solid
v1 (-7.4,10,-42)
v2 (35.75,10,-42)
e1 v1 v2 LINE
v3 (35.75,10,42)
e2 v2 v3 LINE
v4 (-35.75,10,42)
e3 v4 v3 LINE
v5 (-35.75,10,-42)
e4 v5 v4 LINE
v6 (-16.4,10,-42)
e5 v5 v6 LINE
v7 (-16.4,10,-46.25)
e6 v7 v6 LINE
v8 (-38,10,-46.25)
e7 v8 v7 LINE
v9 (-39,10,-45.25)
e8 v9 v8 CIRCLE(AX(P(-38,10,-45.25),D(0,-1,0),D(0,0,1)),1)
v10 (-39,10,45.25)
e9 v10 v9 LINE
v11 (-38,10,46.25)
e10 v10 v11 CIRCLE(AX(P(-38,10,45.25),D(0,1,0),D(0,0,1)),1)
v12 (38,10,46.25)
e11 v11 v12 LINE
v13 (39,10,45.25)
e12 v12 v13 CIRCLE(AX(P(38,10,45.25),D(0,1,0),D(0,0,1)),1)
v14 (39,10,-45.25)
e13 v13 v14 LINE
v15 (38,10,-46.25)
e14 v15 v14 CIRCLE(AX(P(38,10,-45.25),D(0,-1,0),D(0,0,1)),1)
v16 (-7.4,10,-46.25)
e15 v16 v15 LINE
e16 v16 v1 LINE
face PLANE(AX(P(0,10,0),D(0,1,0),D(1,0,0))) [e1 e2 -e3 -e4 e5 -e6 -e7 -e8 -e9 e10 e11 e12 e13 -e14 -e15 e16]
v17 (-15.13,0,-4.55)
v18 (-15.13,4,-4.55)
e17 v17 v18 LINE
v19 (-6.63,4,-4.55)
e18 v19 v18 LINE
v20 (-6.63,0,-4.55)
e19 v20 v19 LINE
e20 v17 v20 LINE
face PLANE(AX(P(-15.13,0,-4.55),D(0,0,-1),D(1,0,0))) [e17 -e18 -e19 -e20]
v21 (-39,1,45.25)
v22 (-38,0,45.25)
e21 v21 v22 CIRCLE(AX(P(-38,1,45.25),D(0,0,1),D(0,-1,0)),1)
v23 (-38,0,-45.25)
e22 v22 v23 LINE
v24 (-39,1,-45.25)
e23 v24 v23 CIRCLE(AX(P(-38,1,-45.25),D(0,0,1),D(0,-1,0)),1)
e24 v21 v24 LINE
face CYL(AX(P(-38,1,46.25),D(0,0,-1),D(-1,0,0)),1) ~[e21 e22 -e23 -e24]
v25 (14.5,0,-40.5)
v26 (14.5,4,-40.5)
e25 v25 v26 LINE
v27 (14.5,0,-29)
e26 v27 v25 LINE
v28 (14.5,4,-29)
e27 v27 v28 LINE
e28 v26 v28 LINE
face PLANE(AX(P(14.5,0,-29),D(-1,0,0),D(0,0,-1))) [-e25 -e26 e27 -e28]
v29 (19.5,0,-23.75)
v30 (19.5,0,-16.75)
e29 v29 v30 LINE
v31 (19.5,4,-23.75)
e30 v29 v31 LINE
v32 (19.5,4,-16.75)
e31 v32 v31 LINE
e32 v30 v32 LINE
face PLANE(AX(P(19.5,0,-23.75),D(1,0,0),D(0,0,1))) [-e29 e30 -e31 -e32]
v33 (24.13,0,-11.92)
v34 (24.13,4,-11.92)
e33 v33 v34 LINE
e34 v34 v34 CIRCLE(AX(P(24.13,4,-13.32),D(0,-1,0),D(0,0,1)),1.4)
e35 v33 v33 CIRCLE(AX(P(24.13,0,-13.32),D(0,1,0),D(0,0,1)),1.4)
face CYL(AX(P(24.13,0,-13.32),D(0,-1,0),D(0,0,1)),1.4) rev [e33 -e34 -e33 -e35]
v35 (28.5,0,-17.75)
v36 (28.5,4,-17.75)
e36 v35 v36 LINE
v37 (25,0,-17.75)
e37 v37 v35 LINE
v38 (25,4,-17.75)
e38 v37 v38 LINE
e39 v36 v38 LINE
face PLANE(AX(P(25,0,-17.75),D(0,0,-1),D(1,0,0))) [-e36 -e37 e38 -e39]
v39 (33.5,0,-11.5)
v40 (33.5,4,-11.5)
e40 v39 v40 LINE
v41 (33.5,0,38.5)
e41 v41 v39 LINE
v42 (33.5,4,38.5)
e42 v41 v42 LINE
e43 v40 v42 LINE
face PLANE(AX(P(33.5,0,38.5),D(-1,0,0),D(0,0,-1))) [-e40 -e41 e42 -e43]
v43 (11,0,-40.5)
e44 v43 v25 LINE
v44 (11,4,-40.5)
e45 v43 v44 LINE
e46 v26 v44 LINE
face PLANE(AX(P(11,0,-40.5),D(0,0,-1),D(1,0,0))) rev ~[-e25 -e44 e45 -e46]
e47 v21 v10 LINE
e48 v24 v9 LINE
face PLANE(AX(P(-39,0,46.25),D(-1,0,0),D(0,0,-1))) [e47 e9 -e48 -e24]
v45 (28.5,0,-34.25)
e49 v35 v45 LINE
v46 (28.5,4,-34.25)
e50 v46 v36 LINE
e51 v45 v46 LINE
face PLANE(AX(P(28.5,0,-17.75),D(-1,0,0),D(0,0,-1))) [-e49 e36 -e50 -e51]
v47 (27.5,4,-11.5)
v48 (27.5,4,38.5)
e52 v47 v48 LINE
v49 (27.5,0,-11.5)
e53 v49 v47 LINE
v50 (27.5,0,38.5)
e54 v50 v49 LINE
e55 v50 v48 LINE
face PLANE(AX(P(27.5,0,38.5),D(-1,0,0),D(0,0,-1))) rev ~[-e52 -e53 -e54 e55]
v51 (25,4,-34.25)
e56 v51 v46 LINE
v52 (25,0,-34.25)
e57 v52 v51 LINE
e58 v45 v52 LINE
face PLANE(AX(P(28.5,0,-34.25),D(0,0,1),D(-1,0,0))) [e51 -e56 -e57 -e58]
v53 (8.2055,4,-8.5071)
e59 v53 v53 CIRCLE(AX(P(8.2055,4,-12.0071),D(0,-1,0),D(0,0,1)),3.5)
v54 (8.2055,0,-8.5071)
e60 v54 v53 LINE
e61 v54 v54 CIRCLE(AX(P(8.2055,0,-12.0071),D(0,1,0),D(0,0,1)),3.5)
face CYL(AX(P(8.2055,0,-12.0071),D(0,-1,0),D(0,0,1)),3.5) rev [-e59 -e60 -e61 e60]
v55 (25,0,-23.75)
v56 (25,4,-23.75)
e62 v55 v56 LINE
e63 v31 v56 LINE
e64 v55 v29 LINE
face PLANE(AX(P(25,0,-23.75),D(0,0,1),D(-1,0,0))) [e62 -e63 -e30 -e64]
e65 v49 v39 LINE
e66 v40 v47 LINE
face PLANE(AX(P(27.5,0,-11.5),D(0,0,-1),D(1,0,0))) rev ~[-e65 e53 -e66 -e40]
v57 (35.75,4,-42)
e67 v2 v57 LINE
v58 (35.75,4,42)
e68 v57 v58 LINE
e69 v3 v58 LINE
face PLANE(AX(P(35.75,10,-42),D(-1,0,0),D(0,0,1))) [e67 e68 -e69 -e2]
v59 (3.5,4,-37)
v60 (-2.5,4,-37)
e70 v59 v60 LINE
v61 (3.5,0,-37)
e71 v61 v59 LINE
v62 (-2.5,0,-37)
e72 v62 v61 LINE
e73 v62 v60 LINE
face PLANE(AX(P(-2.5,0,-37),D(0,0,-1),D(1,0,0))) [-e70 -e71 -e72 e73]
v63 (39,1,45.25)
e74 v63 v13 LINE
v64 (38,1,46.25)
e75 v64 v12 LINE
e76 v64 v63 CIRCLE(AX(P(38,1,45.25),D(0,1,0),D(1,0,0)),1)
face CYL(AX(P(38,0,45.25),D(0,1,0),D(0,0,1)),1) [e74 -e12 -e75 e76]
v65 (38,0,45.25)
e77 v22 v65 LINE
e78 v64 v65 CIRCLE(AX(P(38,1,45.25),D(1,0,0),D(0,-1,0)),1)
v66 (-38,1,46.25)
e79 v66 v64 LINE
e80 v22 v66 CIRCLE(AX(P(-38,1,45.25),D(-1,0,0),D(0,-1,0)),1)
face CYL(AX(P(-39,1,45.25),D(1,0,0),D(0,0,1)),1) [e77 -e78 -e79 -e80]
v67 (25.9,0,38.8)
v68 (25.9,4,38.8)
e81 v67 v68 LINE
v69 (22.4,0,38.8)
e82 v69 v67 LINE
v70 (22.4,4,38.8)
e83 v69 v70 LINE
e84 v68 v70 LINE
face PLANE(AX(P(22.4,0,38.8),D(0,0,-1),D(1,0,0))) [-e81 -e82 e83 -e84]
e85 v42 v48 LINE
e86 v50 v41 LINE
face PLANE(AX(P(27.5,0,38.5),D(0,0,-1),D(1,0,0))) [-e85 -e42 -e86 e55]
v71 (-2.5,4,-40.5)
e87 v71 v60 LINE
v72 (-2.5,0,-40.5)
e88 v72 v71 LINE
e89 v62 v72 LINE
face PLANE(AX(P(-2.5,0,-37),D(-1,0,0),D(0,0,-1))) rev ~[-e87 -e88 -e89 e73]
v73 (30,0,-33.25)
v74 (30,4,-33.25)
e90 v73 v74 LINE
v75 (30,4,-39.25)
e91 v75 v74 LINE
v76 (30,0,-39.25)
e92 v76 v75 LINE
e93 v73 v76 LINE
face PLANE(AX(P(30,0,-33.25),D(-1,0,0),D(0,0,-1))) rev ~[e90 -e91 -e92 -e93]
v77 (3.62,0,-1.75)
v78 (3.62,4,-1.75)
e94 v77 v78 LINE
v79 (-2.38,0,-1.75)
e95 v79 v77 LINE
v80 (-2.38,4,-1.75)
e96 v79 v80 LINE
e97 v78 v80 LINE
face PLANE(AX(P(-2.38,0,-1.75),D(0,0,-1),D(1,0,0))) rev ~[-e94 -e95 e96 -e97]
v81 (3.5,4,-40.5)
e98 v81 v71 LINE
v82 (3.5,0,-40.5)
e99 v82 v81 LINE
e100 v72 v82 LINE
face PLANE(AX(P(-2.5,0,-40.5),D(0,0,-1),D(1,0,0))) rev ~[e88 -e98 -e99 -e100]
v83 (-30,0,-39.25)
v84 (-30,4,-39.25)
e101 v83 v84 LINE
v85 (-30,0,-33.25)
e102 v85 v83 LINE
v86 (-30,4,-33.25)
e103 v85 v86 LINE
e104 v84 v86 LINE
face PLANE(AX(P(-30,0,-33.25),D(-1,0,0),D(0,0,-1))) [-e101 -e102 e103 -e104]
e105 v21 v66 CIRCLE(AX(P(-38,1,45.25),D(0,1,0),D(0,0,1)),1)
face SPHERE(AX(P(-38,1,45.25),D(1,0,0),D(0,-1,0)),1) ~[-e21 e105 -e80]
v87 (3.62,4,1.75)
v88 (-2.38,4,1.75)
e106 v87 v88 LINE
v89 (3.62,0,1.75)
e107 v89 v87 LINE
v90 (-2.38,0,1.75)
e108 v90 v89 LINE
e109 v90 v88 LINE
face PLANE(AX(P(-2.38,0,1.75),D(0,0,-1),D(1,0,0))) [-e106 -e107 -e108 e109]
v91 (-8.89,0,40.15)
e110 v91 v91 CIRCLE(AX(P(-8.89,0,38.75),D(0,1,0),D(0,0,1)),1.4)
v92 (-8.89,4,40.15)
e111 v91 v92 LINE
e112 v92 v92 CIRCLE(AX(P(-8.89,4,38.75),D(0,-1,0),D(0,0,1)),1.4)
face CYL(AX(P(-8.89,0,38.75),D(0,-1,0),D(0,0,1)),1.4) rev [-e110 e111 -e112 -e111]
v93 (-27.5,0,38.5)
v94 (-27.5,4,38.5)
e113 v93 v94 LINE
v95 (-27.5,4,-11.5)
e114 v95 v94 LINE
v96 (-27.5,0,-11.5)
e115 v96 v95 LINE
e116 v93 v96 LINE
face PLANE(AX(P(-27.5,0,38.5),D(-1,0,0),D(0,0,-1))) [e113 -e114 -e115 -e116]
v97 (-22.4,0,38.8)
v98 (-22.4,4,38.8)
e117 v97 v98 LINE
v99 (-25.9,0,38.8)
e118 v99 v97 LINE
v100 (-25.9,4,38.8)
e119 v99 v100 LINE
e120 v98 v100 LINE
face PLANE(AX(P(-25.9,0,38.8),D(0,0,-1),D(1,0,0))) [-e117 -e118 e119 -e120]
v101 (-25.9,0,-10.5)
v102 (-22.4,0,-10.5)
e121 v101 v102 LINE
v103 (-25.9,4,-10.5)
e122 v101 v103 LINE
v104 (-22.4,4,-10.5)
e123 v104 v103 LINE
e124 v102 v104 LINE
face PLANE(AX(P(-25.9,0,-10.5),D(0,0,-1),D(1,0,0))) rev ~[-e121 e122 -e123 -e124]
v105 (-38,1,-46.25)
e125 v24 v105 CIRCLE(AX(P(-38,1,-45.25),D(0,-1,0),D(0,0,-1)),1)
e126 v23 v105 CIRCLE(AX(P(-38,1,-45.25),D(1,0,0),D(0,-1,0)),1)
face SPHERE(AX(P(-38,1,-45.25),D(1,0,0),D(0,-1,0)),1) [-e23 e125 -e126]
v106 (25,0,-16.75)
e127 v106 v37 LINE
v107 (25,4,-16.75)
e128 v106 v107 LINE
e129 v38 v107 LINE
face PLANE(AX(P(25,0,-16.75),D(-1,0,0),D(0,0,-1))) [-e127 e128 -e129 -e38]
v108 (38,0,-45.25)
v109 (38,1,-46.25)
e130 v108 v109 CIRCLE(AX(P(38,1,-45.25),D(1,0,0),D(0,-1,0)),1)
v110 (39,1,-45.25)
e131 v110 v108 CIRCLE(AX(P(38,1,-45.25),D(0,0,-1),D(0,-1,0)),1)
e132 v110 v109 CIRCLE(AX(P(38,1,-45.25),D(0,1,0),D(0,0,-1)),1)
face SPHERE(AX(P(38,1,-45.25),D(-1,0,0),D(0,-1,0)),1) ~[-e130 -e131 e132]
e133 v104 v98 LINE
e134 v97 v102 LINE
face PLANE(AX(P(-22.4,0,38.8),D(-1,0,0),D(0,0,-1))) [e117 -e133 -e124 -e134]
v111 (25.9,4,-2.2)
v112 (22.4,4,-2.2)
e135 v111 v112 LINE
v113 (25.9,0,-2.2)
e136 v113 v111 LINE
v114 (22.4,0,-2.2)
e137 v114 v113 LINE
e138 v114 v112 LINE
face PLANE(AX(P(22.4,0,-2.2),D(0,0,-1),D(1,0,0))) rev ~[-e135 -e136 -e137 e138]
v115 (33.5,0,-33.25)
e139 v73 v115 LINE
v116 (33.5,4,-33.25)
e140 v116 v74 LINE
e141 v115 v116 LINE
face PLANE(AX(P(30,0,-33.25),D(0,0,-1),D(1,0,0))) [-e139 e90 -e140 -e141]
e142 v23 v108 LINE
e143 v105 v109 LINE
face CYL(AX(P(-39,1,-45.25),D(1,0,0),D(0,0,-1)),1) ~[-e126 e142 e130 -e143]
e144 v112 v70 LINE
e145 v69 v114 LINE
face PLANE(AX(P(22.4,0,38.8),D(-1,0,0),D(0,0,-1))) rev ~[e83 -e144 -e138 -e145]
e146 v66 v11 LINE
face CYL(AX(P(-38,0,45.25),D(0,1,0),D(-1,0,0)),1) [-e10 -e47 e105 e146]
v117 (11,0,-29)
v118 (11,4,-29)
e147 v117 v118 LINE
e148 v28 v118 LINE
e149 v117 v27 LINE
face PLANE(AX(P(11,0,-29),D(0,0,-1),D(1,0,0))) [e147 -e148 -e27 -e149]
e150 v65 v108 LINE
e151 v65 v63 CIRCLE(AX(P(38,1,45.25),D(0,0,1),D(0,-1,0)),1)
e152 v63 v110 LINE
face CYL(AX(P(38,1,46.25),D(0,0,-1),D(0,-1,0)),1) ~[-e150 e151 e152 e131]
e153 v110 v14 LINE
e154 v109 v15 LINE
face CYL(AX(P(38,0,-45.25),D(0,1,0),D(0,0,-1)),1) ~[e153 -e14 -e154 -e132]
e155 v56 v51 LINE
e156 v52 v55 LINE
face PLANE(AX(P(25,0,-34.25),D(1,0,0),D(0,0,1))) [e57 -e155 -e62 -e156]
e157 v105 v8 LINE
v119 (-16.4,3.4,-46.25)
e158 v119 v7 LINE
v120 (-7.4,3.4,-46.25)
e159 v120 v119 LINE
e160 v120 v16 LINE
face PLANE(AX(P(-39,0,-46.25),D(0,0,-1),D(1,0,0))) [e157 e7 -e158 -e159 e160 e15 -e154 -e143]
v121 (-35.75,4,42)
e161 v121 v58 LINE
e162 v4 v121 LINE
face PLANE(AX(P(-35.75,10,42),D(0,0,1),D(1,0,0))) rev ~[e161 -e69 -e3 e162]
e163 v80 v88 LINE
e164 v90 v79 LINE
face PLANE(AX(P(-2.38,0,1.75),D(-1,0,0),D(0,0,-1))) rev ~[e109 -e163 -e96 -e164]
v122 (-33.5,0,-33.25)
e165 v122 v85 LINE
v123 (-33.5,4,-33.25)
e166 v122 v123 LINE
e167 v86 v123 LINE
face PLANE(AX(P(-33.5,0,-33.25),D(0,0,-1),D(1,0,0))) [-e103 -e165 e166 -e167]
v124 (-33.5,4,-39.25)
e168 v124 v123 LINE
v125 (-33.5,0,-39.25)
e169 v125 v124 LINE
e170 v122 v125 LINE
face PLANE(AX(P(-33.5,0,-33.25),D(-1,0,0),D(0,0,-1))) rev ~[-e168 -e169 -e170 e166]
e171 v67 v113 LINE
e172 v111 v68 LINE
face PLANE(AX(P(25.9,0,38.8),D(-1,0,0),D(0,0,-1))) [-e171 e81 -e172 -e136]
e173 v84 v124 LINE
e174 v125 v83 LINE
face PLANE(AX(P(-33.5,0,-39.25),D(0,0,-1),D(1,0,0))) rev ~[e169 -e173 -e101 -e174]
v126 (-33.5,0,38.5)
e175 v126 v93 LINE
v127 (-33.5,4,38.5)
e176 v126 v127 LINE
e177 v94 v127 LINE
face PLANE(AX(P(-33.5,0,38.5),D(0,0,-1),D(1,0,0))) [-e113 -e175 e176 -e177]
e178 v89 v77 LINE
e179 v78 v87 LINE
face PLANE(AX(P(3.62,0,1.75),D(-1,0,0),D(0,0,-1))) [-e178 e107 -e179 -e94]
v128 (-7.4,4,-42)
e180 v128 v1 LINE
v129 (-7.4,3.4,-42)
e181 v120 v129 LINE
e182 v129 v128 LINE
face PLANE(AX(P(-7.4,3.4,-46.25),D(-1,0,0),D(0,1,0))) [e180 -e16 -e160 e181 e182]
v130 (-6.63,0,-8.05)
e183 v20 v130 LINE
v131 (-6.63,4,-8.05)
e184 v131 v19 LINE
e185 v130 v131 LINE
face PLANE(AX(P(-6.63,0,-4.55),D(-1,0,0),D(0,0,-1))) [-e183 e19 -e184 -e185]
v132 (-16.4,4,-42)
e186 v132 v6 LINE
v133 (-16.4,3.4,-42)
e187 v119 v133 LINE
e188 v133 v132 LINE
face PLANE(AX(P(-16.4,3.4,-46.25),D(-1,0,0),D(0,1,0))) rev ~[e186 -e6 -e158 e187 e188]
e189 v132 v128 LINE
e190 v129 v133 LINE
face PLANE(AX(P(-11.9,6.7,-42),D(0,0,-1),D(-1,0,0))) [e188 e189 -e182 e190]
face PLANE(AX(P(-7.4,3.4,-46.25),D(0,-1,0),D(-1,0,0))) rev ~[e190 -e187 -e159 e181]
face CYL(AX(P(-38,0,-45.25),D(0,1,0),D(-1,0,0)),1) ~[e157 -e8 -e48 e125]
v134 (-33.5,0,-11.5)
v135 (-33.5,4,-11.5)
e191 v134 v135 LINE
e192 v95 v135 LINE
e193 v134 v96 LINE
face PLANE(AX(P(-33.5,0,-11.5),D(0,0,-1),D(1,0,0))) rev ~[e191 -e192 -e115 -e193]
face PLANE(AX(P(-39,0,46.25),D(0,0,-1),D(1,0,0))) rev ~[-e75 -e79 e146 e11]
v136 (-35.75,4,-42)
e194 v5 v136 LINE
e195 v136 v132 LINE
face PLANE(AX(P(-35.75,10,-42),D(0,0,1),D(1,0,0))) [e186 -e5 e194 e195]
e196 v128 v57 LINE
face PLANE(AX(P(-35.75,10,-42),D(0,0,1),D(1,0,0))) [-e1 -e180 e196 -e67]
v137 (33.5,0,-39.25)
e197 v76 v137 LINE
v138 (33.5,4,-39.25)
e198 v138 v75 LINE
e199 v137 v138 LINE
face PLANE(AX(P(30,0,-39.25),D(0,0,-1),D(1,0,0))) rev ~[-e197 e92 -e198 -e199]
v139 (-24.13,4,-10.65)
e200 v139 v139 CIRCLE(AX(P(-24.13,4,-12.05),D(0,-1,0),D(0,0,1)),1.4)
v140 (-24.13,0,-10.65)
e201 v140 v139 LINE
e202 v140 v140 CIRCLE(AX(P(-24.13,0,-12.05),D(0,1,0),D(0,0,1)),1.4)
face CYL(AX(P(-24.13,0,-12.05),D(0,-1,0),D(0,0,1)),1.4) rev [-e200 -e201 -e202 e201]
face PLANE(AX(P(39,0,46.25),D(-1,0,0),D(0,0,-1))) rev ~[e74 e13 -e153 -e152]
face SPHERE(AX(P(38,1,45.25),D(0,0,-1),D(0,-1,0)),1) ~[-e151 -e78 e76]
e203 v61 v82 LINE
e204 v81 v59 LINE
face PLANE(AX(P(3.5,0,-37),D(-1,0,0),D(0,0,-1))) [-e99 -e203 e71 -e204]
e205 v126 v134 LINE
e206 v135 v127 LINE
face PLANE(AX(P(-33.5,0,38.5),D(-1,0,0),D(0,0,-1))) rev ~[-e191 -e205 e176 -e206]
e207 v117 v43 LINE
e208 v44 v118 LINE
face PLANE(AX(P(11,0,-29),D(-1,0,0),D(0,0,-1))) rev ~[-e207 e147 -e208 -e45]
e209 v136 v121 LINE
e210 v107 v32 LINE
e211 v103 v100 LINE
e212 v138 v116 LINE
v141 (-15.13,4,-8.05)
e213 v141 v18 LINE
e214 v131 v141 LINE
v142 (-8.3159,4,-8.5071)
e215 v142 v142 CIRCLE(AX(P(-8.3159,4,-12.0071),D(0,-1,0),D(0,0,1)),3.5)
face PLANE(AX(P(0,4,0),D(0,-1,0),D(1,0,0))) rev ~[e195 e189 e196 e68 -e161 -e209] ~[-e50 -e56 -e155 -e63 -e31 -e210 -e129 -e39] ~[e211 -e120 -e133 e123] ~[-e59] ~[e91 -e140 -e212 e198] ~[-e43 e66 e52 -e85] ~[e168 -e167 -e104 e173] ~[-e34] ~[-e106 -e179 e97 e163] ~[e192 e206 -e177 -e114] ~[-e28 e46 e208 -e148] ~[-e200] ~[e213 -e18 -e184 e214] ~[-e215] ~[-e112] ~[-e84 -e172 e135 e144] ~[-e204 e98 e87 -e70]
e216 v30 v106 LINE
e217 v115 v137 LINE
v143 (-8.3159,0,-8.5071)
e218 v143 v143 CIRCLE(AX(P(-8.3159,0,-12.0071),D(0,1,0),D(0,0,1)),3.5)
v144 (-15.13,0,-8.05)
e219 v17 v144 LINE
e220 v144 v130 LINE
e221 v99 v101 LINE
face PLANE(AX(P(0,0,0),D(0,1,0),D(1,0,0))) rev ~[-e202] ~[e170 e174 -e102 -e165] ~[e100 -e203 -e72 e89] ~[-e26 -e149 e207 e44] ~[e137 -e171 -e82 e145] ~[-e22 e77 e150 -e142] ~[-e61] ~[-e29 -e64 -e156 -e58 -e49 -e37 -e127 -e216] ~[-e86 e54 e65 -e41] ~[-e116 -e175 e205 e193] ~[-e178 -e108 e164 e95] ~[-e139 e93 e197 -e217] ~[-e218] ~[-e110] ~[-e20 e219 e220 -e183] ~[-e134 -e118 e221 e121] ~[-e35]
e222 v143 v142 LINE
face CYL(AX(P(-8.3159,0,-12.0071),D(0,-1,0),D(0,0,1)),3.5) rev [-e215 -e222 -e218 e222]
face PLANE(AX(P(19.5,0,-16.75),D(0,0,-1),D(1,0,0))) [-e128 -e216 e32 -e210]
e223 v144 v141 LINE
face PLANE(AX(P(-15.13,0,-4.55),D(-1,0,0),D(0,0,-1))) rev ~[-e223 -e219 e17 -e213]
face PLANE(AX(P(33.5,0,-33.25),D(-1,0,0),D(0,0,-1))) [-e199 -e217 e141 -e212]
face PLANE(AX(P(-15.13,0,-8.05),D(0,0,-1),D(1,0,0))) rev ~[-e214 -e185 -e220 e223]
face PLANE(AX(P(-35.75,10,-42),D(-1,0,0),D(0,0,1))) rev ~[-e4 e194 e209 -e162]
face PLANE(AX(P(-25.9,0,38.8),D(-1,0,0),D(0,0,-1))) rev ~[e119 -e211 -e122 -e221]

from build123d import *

# Parameters (mm, degrees)
SKETCH1_W            = 78
SKETCH1_H            = 92.5
SKETCH1_R            = 1.4
SKETCH1_R_2          = 3.5
SKETCH1_W_2          = 6
SKETCH1_H_2          = 50
SKETCH1_W_3          = 3.5
SKETCH1_H_3          = 6
SKETCH1_H_4          = 49.3
SKETCH1_H_5          = 41
SKETCH1_H_6          = 11.5
SKETCH1_H_7          = 3.5
SKETCH1_W_4          = 8.5
BASE_DEPTH           = 10
SKETCH2_W            = 71.5
SKETCH2_H            = 84
PCB_CUTOUT_DEPTH     = 6
SKETCH3_W            = 9
SKETCH3_H            = 6.6
USB_SLOT_DEPTH       = 4.25
F_1MM_EDGE_FILLETS_R = 1


with BuildPart() as part:
    # Sketch1 → Base (new body)
    with BuildSketch(Plane(origin=(0, 0, 0), x_dir=(1, 0, 0), z_dir=(0, 1, 0))):
        Rectangle(SKETCH1_W, SKETCH1_H)
        with Locations(Location((-24.13, 12.05, 0), (0, 0, 270))):
            Circle(SKETCH1_R, mode=Mode.SUBTRACT)
        with Locations(Location((24.13, 13.32, 0), (0, 0, 270))):
            Circle(SKETCH1_R, mode=Mode.SUBTRACT)
        with Locations(Location((-8.89, -38.75, 0), (0, 0, 270))):
            Circle(SKETCH1_R, mode=Mode.SUBTRACT)
        with Locations(Location((8.2055, 12.0071, 0), (0, 0, 270))):
            Circle(SKETCH1_R_2, mode=Mode.SUBTRACT)
        with Locations(Location((-8.3159, 12.0071, 0), (0, 0, 270))):
            Circle(SKETCH1_R_2, mode=Mode.SUBTRACT)
        with Locations((-30.5, -13.5)):
            Rectangle(SKETCH1_W_2, SKETCH1_H_2, mode=Mode.SUBTRACT)
        with Locations((30.5, -13.5)):
            Rectangle(SKETCH1_W_2, SKETCH1_H_2, mode=Mode.SUBTRACT)
        with Locations((31.75, 36.25)):
            Rectangle(SKETCH1_W_3, SKETCH1_H_3, mode=Mode.SUBTRACT)
        with Locations((-31.75, 36.25)):
            Rectangle(SKETCH1_W_3, SKETCH1_H_3, mode=Mode.SUBTRACT)
        Polygon((25, 34.25), (25, 23.75), (19.5, 23.75), (19.5, 16.75), (25, 16.75), (25, 17.75), (28.5, 17.75), (28.5, 34.25), align=None, mode=Mode.SUBTRACT)
        with Locations((-24.15, -14.15)):
            Rectangle(SKETCH1_W_3, SKETCH1_H_4, mode=Mode.SUBTRACT)
        with Locations((24.15, -18.3)):
            Rectangle(SKETCH1_W_3, SKETCH1_H_5, mode=Mode.SUBTRACT)
        with Locations((12.75, 34.75)):
            Rectangle(SKETCH1_W_3, SKETCH1_H_6, mode=Mode.SUBTRACT)
        with Locations((0.5, 38.75)):
            Rectangle(SKETCH1_W_2, SKETCH1_H_7, mode=Mode.SUBTRACT)
        with Locations((-10.88, 6.3)):
            Rectangle(SKETCH1_W_4, SKETCH1_H_7, mode=Mode.SUBTRACT)
        with Locations((0.62, 0)):
            Rectangle(SKETCH1_W_2, SKETCH1_H_7, mode=Mode.SUBTRACT)
    extrude(amount=BASE_DEPTH)

    # Sketch2 → PCB Cutout (cut)
    with BuildSketch(Plane.XZ.offset(-10)):
        Rectangle(SKETCH2_W, SKETCH2_H)
    extrude(amount=PCB_CUTOUT_DEPTH, mode=Mode.SUBTRACT)

    # Sketch3 → USB Slot (cut)
    with BuildSketch(Plane(origin=(0, 0, -46.25), x_dir=(-1, 0, 0), z_dir=(0, 0, -1))):
        with Locations((11.9, 6.7)):
            Rectangle(SKETCH3_W, SKETCH3_H)
    extrude(amount=-USB_SLOT_DEPTH, mode=Mode.SUBTRACT)

    # 1mm Edge Fillets
    f_1mm_edge_fillets_edges = [part.edges().sort_by_distance(p)[0] for p in [
        (0, 0, -46.25),
        (39, 0, 0),
        (0, 0, 46.25),
        (-39, 0, 0),
        (-39, 5, -46.25),
        (39, 5, -46.25),
        (39, 5, 46.25),
        (-39, 5, 46.25),
    ]]
    fillet(f_1mm_edge_fillets_edges, radius=F_1MM_EDGE_FILLETS_R)


solid = part.part
